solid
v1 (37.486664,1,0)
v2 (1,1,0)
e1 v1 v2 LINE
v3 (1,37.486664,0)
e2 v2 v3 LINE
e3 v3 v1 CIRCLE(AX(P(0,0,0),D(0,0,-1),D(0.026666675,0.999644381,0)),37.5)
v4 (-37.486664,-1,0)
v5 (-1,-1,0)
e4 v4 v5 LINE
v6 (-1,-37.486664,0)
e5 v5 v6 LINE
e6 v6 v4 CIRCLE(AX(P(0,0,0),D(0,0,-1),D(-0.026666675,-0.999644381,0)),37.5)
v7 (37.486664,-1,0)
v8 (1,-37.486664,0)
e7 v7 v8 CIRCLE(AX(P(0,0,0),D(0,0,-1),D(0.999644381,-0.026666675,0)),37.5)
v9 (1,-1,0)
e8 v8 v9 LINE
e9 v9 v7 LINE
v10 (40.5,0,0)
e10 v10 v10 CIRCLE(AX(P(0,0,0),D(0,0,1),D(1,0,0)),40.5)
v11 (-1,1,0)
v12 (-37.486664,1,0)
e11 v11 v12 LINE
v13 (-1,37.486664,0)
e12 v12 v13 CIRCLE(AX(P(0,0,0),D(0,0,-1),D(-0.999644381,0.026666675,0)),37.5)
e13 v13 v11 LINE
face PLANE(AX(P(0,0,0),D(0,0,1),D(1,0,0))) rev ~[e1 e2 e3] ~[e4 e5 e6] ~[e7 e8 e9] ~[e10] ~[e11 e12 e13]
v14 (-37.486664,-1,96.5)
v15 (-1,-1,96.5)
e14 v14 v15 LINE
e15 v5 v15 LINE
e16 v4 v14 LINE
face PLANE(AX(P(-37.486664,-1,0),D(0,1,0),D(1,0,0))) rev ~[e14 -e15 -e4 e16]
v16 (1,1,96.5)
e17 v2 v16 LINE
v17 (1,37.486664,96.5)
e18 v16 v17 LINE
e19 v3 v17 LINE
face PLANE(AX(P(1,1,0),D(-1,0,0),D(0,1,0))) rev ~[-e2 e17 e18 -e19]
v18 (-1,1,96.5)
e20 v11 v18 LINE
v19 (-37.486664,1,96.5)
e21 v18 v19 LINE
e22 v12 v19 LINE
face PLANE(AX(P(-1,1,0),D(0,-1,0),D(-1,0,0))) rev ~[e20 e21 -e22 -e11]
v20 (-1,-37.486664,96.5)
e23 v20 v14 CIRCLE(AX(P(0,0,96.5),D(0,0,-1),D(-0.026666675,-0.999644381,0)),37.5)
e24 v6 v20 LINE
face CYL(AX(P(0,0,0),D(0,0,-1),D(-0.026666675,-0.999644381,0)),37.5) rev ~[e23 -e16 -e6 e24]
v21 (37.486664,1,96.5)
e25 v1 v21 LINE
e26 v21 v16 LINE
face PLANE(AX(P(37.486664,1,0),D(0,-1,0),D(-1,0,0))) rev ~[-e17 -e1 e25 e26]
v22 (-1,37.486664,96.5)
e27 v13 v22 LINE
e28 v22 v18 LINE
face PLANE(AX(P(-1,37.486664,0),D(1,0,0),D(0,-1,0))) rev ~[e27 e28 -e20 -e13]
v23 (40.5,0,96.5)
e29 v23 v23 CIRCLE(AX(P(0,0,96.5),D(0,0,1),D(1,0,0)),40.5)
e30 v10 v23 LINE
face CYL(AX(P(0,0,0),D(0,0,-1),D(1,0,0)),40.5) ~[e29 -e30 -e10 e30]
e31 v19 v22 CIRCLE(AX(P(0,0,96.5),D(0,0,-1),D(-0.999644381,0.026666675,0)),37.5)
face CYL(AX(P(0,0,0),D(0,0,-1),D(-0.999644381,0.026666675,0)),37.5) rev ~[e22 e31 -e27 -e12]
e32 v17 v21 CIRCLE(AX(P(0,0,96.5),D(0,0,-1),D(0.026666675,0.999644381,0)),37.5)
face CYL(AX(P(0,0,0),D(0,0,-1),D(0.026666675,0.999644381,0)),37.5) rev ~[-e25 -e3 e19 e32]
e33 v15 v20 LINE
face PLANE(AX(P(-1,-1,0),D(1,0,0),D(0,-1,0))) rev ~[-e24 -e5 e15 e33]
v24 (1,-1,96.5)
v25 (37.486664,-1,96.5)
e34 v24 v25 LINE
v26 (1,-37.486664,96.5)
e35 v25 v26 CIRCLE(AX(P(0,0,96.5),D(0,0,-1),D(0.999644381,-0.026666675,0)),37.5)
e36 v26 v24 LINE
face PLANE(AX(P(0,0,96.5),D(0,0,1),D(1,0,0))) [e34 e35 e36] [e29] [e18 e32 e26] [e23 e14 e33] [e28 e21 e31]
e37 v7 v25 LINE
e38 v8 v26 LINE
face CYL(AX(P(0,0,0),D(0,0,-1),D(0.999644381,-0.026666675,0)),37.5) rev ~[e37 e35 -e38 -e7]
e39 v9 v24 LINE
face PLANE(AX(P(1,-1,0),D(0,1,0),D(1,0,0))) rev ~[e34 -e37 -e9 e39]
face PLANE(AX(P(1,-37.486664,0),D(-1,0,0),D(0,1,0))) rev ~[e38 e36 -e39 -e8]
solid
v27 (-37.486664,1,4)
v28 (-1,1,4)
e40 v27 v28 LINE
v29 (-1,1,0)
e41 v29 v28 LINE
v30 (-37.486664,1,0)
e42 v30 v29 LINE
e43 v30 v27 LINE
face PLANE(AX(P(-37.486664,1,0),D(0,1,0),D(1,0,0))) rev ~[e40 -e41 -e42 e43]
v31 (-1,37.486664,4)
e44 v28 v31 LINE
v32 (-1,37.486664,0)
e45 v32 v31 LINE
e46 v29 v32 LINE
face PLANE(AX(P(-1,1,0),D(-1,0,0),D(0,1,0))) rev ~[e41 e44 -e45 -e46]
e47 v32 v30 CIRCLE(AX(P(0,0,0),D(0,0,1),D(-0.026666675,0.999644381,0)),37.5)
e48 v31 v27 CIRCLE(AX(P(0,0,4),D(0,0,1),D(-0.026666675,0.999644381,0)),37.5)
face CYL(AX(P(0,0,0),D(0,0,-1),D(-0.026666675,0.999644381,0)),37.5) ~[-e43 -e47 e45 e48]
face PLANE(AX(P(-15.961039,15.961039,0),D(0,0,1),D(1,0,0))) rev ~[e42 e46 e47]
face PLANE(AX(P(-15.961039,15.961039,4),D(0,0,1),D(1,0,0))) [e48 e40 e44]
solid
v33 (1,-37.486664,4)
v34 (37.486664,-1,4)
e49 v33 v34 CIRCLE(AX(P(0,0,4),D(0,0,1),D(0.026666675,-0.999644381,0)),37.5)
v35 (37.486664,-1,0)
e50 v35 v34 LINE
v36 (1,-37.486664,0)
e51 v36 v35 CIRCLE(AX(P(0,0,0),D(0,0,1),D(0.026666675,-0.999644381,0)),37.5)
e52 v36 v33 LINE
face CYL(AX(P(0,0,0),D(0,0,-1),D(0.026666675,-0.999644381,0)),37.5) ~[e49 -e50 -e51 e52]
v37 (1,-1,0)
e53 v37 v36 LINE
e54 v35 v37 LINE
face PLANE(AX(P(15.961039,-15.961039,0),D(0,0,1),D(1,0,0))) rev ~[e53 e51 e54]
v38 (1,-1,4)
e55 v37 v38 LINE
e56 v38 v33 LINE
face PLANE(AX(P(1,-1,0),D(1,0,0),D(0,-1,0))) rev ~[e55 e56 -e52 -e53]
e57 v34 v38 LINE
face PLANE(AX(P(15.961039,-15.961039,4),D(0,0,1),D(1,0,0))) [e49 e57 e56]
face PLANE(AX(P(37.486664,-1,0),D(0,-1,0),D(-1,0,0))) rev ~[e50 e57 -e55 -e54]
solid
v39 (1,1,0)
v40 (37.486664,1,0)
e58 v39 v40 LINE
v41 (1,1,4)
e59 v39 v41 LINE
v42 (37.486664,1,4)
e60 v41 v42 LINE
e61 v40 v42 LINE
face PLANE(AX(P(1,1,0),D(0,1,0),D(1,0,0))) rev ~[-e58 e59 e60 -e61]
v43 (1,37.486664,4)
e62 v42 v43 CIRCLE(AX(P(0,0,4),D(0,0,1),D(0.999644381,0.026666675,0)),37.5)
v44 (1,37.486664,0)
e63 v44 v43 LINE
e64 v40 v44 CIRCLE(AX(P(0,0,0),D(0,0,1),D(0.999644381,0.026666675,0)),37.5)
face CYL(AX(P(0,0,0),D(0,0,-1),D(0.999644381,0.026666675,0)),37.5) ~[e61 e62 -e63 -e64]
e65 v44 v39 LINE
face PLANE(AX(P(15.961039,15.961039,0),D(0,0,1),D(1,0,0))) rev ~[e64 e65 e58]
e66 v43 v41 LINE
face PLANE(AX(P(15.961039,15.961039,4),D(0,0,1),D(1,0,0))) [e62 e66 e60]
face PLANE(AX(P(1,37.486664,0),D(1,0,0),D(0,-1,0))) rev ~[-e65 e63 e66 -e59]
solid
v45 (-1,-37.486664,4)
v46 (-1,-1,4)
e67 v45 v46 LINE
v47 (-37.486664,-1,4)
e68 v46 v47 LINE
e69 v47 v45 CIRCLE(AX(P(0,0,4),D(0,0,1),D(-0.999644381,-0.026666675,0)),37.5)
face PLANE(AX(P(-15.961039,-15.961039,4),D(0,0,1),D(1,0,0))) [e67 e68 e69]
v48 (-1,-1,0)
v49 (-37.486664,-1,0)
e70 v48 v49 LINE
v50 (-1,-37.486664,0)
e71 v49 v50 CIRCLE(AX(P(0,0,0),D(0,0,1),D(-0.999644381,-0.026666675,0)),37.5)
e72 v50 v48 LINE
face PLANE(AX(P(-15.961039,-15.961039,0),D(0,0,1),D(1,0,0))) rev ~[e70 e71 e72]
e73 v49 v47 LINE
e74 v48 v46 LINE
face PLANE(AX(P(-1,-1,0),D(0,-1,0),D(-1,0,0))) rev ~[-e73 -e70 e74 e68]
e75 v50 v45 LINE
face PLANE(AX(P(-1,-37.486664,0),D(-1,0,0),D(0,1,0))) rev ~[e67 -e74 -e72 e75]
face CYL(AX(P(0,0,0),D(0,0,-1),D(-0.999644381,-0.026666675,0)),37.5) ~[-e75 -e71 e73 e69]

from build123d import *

# Parameters (mm, degrees)
F1_DEPTH = 4
F0_R     = 40.5
F2_DEPTH = 96.5


with BuildPart() as f1:
    # F0 (on Top) → F1 (new body)
    with BuildSketch(Plane.XY):
        with BuildLine():
            Line((-1, -1), (-37.486664, -1))
            ThreePointArc((-37.486664, -1), (-26.516504, -26.516504), (-1, -37.486664))
            Line((-1, -37.486664), (-1, -1))
        make_face()
        with BuildLine():
            ThreePointArc((-1, 37.486664), (-26.516504, 26.516504), (-37.486664, 1))
            Line((-37.486664, 1), (-1, 1))
            Line((-1, 1), (-1, 37.486664))
        make_face()
        with BuildLine():
            ThreePointArc((37.486664, 1), (26.516504, 26.516504), (1, 37.486664))
            Line((1, 37.486664), (1, 1))
            Line((1, 1), (37.486664, 1))
        make_face()
        with BuildLine():
            Line((37.486664, -1), (1, -1))
            Line((1, -1), (1, -37.486664))
            ThreePointArc((1, -37.486664), (26.516504, -26.516504), (37.486664, -1))
        make_face()
    extrude(amount=F1_DEPTH)


with BuildPart() as f2:
    # F0 (on Top) → F2 (new body)
    with BuildSketch(Plane.XY):
        Circle(F0_R)
        with BuildLine():
            ThreePointArc((-1, -37.486664), (-26.516504, -26.516504), (-37.486664, -1))
            Line((-37.486664, -1), (-1, -1))
            Line((-1, -1), (-1, -37.486664))
        make_face(mode=Mode.SUBTRACT)
        with BuildLine():
            Line((1, -37.486664), (1, -1))
            Line((1, -1), (37.486664, -1))
            ThreePointArc((37.486664, -1), (26.516504, -26.516504), (1, -37.486664))
        make_face(mode=Mode.SUBTRACT)
        with BuildLine():
            Line((-1, 1), (-37.486664, 1))
            ThreePointArc((-37.486664, 1), (-26.516504, 26.516504), (-1, 37.486664))
            Line((-1, 37.486664), (-1, 1))
        make_face(mode=Mode.SUBTRACT)
        with BuildLine():
            Line((1, 1), (1, 37.486664))
            ThreePointArc((1, 37.486664), (26.516504, 26.516504), (37.486664, 1))
            Line((37.486664, 1), (1, 1))
        make_face(mode=Mode.SUBTRACT)
    extrude(amount=F2_DEPTH)


solid = Compound([f1.part, f2.part])
